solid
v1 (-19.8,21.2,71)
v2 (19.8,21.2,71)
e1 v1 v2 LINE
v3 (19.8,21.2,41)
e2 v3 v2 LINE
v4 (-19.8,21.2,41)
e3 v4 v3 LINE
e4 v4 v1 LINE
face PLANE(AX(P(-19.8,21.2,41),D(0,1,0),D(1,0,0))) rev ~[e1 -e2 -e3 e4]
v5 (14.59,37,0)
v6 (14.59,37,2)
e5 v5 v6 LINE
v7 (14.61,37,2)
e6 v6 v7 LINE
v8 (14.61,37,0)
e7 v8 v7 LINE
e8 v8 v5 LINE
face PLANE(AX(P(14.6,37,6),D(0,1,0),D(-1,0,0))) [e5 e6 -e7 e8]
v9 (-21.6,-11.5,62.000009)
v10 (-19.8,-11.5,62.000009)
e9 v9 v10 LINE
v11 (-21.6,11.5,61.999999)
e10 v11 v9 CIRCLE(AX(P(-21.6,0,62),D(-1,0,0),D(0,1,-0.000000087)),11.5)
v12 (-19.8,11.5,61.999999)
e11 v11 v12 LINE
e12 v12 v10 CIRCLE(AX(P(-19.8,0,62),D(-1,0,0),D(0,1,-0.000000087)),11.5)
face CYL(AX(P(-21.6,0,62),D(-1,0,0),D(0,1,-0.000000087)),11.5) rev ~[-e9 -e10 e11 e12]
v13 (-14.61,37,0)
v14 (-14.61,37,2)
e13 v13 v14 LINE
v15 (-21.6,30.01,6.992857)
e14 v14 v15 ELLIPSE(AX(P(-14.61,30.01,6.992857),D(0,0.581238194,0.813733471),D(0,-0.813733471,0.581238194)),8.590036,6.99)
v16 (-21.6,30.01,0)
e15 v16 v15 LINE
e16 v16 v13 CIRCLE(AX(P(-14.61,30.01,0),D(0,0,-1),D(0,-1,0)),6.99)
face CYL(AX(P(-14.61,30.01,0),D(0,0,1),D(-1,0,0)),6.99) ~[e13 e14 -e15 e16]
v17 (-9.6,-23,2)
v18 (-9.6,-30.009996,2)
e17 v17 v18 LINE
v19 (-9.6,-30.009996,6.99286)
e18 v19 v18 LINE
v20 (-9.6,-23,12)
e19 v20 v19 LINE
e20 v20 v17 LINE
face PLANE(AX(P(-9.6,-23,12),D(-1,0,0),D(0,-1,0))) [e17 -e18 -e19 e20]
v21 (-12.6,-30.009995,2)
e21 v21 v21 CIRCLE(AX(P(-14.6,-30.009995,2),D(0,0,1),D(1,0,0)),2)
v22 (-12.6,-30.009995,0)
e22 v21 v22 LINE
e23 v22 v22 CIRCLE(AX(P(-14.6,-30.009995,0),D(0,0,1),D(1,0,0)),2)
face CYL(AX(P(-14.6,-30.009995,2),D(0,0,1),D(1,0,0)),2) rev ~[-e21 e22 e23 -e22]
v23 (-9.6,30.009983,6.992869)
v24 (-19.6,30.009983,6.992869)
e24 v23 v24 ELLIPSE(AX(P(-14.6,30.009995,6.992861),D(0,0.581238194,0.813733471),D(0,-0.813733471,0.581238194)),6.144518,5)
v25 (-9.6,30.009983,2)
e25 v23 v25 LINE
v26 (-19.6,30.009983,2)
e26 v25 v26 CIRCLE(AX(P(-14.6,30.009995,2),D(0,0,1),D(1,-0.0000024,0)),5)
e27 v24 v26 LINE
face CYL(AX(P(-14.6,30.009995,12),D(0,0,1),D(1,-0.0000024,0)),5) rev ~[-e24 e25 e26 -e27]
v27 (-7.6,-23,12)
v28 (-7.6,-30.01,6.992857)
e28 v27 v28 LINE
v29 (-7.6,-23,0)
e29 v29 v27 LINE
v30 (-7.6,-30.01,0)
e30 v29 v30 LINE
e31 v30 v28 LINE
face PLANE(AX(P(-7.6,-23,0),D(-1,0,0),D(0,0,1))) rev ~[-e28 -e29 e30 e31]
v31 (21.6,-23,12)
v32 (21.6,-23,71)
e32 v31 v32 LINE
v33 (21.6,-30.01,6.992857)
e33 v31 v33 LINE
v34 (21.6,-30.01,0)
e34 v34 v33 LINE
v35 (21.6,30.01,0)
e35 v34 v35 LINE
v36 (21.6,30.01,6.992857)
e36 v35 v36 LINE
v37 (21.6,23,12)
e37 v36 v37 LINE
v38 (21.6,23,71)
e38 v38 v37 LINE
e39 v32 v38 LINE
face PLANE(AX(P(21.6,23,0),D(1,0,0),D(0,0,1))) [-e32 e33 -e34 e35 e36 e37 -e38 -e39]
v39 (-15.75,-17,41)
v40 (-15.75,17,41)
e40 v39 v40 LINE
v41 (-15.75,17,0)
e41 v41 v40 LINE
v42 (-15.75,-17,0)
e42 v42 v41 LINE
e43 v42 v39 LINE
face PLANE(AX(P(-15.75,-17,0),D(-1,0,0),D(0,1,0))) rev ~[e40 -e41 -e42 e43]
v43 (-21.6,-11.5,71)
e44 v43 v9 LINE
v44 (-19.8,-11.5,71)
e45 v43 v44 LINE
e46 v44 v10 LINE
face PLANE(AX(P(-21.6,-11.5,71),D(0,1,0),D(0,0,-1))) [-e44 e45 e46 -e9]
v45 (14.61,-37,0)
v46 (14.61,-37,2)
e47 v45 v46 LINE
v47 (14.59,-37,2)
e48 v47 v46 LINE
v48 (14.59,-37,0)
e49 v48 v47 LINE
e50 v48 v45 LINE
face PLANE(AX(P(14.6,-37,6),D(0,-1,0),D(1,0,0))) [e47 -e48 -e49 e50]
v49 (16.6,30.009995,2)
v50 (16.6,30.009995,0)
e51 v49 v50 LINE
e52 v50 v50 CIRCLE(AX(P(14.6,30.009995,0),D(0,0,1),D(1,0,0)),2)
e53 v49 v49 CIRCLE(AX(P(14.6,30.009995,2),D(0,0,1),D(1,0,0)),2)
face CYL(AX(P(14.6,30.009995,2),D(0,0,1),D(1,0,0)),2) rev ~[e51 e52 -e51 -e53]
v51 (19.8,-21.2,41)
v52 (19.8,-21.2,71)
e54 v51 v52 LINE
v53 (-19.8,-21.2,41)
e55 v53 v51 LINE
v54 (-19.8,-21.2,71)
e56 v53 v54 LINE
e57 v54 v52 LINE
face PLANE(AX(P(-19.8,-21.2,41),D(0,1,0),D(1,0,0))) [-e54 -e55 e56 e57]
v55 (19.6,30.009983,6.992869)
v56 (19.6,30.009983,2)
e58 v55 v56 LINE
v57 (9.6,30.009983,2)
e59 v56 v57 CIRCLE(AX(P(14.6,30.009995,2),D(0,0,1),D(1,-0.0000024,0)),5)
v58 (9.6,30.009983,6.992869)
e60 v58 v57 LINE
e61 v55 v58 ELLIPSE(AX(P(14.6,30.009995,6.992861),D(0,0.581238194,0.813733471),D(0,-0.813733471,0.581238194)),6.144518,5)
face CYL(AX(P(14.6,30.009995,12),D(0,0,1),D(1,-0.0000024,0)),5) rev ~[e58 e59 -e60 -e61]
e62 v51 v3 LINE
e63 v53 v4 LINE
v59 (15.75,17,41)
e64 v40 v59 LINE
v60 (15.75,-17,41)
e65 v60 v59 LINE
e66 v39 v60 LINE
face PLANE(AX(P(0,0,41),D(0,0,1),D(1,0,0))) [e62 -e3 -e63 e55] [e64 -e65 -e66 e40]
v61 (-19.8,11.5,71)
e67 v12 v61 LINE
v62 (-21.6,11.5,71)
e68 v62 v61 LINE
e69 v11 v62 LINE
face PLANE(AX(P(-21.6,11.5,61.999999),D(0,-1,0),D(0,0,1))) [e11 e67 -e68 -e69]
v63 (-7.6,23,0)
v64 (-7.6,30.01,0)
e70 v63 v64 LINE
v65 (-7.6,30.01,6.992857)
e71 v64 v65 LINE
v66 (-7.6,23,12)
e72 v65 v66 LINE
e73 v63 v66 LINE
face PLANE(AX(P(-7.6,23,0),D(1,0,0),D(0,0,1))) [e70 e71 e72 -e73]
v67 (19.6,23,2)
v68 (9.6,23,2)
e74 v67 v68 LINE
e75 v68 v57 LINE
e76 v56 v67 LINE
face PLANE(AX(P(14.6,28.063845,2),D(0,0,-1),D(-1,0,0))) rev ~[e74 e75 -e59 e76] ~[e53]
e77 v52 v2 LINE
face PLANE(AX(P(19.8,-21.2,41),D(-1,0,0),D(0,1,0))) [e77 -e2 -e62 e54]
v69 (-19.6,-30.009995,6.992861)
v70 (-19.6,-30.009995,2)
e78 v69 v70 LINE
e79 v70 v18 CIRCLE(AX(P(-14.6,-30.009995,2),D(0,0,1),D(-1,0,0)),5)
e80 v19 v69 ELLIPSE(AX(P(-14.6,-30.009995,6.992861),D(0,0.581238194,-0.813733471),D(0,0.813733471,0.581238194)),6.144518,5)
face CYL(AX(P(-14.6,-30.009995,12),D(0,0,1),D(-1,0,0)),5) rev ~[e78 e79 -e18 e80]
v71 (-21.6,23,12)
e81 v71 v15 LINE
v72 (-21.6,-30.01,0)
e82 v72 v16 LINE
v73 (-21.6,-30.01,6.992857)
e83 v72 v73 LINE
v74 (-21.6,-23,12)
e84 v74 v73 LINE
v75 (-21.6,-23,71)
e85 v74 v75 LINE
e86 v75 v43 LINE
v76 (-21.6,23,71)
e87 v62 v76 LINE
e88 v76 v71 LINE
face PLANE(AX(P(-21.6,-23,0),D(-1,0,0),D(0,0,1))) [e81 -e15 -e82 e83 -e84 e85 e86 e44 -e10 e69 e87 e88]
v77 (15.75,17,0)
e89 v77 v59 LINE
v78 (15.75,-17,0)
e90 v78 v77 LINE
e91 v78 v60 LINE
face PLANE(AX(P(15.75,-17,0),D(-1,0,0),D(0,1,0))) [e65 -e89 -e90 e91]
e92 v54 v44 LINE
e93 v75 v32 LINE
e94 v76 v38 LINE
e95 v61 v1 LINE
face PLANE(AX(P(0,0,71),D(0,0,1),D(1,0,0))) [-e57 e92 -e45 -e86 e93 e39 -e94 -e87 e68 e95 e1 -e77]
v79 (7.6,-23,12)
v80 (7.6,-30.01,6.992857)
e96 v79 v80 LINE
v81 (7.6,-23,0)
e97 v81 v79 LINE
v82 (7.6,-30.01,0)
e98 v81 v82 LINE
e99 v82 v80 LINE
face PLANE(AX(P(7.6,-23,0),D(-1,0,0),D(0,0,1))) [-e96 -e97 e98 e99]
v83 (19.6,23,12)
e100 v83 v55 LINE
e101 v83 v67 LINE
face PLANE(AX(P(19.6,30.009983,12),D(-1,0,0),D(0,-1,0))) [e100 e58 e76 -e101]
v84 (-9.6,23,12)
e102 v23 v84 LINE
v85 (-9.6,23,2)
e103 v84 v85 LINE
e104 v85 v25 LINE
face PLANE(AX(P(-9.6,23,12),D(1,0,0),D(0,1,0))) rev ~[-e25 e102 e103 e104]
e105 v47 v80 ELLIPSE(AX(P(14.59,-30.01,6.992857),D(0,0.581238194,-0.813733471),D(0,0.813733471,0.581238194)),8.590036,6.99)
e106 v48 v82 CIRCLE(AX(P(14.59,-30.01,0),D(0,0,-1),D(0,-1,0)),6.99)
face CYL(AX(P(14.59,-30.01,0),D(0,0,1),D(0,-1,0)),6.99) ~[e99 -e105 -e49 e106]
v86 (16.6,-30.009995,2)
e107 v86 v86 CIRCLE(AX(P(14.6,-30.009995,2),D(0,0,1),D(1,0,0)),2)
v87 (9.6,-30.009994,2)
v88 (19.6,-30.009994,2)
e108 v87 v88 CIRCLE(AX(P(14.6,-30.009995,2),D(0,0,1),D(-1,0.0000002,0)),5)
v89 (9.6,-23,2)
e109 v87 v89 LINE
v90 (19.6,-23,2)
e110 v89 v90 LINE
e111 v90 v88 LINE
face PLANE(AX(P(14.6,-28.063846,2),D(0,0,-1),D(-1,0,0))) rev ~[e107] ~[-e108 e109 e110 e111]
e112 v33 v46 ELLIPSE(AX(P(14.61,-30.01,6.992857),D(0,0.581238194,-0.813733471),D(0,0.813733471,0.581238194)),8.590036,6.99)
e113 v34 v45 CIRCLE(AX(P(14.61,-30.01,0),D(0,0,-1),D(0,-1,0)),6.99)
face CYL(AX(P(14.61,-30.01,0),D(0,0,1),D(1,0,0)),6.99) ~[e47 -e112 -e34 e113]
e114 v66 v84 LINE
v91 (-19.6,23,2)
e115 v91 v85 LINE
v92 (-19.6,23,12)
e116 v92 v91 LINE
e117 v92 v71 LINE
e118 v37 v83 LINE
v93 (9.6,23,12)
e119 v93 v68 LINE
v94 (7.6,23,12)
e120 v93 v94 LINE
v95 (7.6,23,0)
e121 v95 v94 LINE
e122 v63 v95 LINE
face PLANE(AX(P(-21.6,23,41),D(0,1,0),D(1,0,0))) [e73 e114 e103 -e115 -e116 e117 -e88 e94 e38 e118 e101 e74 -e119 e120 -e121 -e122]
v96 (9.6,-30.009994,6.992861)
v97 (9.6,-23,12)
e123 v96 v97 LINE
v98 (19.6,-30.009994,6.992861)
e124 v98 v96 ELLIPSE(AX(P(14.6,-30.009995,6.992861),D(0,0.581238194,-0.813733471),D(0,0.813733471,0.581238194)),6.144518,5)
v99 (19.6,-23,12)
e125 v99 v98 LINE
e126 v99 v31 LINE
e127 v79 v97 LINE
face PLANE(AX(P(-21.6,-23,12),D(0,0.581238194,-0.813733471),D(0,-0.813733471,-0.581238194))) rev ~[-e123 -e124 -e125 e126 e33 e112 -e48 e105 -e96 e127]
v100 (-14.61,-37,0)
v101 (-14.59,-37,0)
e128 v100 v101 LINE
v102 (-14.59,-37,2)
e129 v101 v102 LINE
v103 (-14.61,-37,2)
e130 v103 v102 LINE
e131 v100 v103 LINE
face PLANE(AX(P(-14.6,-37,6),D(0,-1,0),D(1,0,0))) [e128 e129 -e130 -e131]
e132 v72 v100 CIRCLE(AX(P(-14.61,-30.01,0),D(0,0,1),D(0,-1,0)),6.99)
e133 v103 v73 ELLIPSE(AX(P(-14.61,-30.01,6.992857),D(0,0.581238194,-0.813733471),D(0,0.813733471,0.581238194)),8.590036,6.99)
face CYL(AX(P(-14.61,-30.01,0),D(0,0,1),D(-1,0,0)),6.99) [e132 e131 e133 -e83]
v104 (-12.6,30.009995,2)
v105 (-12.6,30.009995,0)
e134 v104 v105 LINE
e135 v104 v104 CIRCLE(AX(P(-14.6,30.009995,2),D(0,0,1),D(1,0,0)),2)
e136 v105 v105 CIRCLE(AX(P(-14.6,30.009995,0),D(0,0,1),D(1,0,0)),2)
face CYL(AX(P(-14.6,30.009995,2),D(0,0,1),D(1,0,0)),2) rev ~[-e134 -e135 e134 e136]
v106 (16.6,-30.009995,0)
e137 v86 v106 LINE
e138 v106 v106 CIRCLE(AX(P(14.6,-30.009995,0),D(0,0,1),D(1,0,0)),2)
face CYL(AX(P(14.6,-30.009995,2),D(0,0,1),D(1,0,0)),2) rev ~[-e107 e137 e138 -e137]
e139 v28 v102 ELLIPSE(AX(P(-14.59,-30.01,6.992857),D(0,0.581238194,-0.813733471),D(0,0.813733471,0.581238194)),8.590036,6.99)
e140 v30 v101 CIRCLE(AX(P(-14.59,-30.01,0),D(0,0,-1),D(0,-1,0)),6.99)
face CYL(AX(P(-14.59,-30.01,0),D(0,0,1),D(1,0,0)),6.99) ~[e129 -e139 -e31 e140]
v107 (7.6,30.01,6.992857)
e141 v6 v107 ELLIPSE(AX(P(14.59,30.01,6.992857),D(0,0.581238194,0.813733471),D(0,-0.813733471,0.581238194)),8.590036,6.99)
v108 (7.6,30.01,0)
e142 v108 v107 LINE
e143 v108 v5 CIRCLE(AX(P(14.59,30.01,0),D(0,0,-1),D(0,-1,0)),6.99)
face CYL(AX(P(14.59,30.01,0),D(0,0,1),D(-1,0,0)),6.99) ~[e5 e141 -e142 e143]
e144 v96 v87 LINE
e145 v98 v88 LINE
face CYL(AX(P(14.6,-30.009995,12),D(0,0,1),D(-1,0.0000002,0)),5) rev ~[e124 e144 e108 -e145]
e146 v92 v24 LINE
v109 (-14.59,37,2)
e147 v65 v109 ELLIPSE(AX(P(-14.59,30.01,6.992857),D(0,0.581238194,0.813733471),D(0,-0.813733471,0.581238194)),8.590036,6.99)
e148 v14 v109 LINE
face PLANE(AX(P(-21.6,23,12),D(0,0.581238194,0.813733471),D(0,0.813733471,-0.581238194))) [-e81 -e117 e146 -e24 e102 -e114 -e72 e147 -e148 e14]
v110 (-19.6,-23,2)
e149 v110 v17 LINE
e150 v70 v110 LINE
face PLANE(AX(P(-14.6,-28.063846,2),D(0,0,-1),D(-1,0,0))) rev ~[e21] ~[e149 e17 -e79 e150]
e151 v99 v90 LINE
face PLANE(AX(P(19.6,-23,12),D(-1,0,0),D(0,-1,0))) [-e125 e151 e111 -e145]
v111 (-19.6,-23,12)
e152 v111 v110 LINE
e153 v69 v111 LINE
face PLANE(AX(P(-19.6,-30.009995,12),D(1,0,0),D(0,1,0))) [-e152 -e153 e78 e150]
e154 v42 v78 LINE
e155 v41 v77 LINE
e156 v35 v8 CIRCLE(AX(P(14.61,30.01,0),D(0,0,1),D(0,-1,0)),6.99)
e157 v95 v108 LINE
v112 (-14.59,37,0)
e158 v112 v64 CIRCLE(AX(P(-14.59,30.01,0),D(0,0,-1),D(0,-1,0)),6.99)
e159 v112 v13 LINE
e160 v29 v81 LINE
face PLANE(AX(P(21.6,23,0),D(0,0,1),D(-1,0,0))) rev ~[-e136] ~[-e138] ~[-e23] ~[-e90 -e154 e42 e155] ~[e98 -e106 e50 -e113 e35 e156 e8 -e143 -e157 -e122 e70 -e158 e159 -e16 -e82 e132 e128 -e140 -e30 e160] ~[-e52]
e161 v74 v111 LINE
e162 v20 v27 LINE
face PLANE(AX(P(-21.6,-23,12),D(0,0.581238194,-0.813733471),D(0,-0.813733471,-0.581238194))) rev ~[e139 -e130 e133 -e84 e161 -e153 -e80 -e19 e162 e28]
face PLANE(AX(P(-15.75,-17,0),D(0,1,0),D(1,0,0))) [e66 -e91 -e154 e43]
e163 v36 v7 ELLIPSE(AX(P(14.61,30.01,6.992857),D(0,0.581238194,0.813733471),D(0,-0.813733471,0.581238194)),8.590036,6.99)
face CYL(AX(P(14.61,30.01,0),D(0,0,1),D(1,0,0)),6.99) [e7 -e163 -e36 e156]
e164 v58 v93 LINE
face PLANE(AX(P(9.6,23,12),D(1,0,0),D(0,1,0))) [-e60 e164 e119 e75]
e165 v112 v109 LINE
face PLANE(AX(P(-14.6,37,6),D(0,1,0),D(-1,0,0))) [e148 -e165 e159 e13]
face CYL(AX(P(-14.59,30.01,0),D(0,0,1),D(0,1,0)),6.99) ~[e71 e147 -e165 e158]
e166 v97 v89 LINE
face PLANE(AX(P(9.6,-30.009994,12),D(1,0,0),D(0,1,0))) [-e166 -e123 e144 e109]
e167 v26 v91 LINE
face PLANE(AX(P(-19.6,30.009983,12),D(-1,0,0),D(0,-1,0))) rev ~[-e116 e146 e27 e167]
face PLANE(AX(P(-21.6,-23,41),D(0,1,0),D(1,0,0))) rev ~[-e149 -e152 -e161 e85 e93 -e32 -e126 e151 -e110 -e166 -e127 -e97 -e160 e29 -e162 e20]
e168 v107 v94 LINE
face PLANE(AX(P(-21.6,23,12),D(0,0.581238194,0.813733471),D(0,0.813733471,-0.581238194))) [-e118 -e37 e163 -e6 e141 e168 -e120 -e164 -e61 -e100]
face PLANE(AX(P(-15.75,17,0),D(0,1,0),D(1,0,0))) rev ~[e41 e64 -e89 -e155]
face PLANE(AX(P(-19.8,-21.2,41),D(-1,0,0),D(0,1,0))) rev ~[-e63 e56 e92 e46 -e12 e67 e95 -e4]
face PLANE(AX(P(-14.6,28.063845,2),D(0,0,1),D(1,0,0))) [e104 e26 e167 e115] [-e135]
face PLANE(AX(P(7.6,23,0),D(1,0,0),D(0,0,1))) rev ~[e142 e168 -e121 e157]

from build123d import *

# Parameters (mm, degrees)
SKETCH_W        = 43.2
SKETCH_H        = 46
SKETCH_W_2      = 31.5
SKETCH_H_2      = 34
PAD_DEPTH       = 41
SKETCH001_W     = 43.2
SKETCH001_H     = 46
SKETCH001_W_2   = 39.6
SKETCH001_H_2   = 42.4
PAD001_DEPTH    = 30
POCKET_DEPTH    = 5
SKETCH003_W     = 14
SKETCH003_H     = 12
PAD002_DEPTH    = 14
FILLET_R        = 6.99
POCKET001_DEPTH = 10
POCKET002_DEPTH = 43.201
SKETCH006_R     = 2
POCKET003_DEPTH = 2.001
SKETCH007_W     = 14
SKETCH007_H     = 12
PAD003_DEPTH    = 14
FILLET001_R     = 6.99
POCKET004_DEPTH = 10
POCKET005_DEPTH = 43.201
SKETCH010_R     = 2
POCKET006_DEPTH = 2.001


with BuildPart() as part:
    # Sketch → Pad (new body)
    with BuildSketch(Plane.XY):
        Rectangle(SKETCH_W, SKETCH_H)
        Rectangle(SKETCH_W_2, SKETCH_H_2, mode=Mode.SUBTRACT)
    extrude(amount=PAD_DEPTH)

    # Sketch001 → Pad001 (new body)
    with BuildSketch(Plane.XY.offset(41)):
        Rectangle(SKETCH001_W, SKETCH001_H)
        Rectangle(SKETCH001_W_2, SKETCH001_H_2, mode=Mode.SUBTRACT)
    extrude(amount=PAD001_DEPTH)

    # Sketch002 → Pocket (cut)
    with BuildSketch(Plane(origin=(-21.6, 0, 0), x_dir=(0, -1, 0), z_dir=(-1, 0, 0))):
        with BuildLine():
            Line((-11.5, 71), (11.5, 71))
            Line((11.5, 71), (11.5, 62.000009))
            ThreePointArc((-11.5, 61.999999), (5e-06, 50.5), (11.5, 62.000009))
            Line((-11.5, 61.999999), (-11.5, 71))
        make_face()
    extrude(amount=-POCKET_DEPTH, mode=Mode.SUBTRACT)

    # Sketch003 → Pad002 (new body)
    with BuildSketch(Plane.XZ.offset(23)):
        with Locations((-14.6, 6)):
            Rectangle(SKETCH003_W, SKETCH003_H)
        with Locations((14.6, 6)):
            Rectangle(SKETCH003_W, SKETCH003_H)
    extrude(amount=PAD002_DEPTH)

    # Fillet
    fillet_edges = [part.edges().sort_by_distance(p)[0] for p in [
        (-21.6, -37, 6),
        (-7.6, -37, 6),
        (7.6, -37, 6),
        (21.6, -37, 6),
    ]]
    fillet(fillet_edges, radius=FILLET_R)

    # Sketch004 → Pocket001 (cut)
    with BuildSketch(Plane.XY.offset(12)):
        with BuildLine():
            Line((-19.6, -23), (-9.6, -23))
            Line((-9.6, -23), (-9.6, -30.009996))
            ThreePointArc((-19.6, -30.009995), (-14.6, -35.009995), (-9.6, -30.009996))
            Line((-19.6, -30.009995), (-19.6, -23))
        make_face()
        with BuildLine():
            Line((9.6, -23), (19.6, -23))
            Line((19.6, -23), (19.6, -30.009994))
            ThreePointArc((9.6, -30.009994), (14.6, -35.009995), (19.6, -30.009994))
            Line((9.6, -30.009994), (9.6, -23))
        make_face()
    extrude(amount=-POCKET001_DEPTH, mode=Mode.SUBTRACT)

    # Sketch005 → Pocket002 (cut, through all)
    with BuildSketch(Plane(origin=(-21.6, 0, 0), x_dir=(0, -1, 0), z_dir=(-1, 0, 0))):
        Polygon((23, 12), (37, 2), (37, 12), align=None)
    extrude(amount=-POCKET002_DEPTH, mode=Mode.SUBTRACT)

    # Sketch006 → Pocket003 (cut, through all)
    with BuildSketch(Plane.XY.offset(2)):
        with Locations((-14.6, -30.009995)):
            Circle(SKETCH006_R)
        with Locations((14.6, -30.009995)):
            Circle(SKETCH006_R)
    extrude(amount=-POCKET003_DEPTH, mode=Mode.SUBTRACT)

    # Sketch007 → Pad003 (new body)
    with BuildSketch(Plane(origin=(0, 23, 0), x_dir=(-1, 0, 0), z_dir=(0, 1, 0))):
        with Locations((-14.6, 6)):
            Rectangle(SKETCH007_W, SKETCH007_H)
        with Locations((14.6, 6)):
            Rectangle(SKETCH007_W, SKETCH007_H)
    extrude(amount=PAD003_DEPTH)

    # Fillet001
    fillet001_edges = [part.edges().sort_by_distance(p)[0] for p in [
        (21.6, 37, 6),
        (7.6, 37, 6),
        (-7.6, 37, 6),
        (-21.6, 37, 6),
    ]]
    fillet(fillet001_edges, radius=FILLET001_R)

    # Sketch008 → Pocket004 (cut)
    with BuildSketch(Plane.XY.offset(12)):
        with BuildLine():
            Line((-19.6, 23), (-9.6, 23))
            Line((-9.6, 23), (-9.6, 30.009983))
            ThreePointArc((-9.6, 30.009983), (-14.6, 35.009995), (-19.6, 30.009983))
            Line((-19.6, 30.009983), (-19.6, 23))
        make_face()
        with BuildLine():
            Line((19.6, 30.009983), (19.6, 23))
            Line((19.6, 23), (9.6, 23))
            Line((9.6, 23), (9.6, 30.009983))
            ThreePointArc((19.6, 30.009983), (14.6, 35.009995), (9.6, 30.009983))
        make_face()
    extrude(amount=-POCKET004_DEPTH, mode=Mode.SUBTRACT)

    # Sketch009 → Pocket005 (cut, through all)
    with BuildSketch(Plane(origin=(-21.6, 0, 0), x_dir=(0, -1, 0), z_dir=(-1, 0, 0))):
        Polygon((-23, 12), (-37, 2), (-37, 12), align=None)
    extrude(amount=-POCKET005_DEPTH, mode=Mode.SUBTRACT)

    # Sketch010 → Pocket006 (cut, through all)
    with BuildSketch(Plane.XY.offset(2)):
        with Locations((-14.6, 30.009995)):
            Circle(SKETCH010_R)
        with Locations((14.6, 30.009995)):
            Circle(SKETCH010_R)
    extrude(amount=-POCKET006_DEPTH, mode=Mode.SUBTRACT)


solid = part.part
